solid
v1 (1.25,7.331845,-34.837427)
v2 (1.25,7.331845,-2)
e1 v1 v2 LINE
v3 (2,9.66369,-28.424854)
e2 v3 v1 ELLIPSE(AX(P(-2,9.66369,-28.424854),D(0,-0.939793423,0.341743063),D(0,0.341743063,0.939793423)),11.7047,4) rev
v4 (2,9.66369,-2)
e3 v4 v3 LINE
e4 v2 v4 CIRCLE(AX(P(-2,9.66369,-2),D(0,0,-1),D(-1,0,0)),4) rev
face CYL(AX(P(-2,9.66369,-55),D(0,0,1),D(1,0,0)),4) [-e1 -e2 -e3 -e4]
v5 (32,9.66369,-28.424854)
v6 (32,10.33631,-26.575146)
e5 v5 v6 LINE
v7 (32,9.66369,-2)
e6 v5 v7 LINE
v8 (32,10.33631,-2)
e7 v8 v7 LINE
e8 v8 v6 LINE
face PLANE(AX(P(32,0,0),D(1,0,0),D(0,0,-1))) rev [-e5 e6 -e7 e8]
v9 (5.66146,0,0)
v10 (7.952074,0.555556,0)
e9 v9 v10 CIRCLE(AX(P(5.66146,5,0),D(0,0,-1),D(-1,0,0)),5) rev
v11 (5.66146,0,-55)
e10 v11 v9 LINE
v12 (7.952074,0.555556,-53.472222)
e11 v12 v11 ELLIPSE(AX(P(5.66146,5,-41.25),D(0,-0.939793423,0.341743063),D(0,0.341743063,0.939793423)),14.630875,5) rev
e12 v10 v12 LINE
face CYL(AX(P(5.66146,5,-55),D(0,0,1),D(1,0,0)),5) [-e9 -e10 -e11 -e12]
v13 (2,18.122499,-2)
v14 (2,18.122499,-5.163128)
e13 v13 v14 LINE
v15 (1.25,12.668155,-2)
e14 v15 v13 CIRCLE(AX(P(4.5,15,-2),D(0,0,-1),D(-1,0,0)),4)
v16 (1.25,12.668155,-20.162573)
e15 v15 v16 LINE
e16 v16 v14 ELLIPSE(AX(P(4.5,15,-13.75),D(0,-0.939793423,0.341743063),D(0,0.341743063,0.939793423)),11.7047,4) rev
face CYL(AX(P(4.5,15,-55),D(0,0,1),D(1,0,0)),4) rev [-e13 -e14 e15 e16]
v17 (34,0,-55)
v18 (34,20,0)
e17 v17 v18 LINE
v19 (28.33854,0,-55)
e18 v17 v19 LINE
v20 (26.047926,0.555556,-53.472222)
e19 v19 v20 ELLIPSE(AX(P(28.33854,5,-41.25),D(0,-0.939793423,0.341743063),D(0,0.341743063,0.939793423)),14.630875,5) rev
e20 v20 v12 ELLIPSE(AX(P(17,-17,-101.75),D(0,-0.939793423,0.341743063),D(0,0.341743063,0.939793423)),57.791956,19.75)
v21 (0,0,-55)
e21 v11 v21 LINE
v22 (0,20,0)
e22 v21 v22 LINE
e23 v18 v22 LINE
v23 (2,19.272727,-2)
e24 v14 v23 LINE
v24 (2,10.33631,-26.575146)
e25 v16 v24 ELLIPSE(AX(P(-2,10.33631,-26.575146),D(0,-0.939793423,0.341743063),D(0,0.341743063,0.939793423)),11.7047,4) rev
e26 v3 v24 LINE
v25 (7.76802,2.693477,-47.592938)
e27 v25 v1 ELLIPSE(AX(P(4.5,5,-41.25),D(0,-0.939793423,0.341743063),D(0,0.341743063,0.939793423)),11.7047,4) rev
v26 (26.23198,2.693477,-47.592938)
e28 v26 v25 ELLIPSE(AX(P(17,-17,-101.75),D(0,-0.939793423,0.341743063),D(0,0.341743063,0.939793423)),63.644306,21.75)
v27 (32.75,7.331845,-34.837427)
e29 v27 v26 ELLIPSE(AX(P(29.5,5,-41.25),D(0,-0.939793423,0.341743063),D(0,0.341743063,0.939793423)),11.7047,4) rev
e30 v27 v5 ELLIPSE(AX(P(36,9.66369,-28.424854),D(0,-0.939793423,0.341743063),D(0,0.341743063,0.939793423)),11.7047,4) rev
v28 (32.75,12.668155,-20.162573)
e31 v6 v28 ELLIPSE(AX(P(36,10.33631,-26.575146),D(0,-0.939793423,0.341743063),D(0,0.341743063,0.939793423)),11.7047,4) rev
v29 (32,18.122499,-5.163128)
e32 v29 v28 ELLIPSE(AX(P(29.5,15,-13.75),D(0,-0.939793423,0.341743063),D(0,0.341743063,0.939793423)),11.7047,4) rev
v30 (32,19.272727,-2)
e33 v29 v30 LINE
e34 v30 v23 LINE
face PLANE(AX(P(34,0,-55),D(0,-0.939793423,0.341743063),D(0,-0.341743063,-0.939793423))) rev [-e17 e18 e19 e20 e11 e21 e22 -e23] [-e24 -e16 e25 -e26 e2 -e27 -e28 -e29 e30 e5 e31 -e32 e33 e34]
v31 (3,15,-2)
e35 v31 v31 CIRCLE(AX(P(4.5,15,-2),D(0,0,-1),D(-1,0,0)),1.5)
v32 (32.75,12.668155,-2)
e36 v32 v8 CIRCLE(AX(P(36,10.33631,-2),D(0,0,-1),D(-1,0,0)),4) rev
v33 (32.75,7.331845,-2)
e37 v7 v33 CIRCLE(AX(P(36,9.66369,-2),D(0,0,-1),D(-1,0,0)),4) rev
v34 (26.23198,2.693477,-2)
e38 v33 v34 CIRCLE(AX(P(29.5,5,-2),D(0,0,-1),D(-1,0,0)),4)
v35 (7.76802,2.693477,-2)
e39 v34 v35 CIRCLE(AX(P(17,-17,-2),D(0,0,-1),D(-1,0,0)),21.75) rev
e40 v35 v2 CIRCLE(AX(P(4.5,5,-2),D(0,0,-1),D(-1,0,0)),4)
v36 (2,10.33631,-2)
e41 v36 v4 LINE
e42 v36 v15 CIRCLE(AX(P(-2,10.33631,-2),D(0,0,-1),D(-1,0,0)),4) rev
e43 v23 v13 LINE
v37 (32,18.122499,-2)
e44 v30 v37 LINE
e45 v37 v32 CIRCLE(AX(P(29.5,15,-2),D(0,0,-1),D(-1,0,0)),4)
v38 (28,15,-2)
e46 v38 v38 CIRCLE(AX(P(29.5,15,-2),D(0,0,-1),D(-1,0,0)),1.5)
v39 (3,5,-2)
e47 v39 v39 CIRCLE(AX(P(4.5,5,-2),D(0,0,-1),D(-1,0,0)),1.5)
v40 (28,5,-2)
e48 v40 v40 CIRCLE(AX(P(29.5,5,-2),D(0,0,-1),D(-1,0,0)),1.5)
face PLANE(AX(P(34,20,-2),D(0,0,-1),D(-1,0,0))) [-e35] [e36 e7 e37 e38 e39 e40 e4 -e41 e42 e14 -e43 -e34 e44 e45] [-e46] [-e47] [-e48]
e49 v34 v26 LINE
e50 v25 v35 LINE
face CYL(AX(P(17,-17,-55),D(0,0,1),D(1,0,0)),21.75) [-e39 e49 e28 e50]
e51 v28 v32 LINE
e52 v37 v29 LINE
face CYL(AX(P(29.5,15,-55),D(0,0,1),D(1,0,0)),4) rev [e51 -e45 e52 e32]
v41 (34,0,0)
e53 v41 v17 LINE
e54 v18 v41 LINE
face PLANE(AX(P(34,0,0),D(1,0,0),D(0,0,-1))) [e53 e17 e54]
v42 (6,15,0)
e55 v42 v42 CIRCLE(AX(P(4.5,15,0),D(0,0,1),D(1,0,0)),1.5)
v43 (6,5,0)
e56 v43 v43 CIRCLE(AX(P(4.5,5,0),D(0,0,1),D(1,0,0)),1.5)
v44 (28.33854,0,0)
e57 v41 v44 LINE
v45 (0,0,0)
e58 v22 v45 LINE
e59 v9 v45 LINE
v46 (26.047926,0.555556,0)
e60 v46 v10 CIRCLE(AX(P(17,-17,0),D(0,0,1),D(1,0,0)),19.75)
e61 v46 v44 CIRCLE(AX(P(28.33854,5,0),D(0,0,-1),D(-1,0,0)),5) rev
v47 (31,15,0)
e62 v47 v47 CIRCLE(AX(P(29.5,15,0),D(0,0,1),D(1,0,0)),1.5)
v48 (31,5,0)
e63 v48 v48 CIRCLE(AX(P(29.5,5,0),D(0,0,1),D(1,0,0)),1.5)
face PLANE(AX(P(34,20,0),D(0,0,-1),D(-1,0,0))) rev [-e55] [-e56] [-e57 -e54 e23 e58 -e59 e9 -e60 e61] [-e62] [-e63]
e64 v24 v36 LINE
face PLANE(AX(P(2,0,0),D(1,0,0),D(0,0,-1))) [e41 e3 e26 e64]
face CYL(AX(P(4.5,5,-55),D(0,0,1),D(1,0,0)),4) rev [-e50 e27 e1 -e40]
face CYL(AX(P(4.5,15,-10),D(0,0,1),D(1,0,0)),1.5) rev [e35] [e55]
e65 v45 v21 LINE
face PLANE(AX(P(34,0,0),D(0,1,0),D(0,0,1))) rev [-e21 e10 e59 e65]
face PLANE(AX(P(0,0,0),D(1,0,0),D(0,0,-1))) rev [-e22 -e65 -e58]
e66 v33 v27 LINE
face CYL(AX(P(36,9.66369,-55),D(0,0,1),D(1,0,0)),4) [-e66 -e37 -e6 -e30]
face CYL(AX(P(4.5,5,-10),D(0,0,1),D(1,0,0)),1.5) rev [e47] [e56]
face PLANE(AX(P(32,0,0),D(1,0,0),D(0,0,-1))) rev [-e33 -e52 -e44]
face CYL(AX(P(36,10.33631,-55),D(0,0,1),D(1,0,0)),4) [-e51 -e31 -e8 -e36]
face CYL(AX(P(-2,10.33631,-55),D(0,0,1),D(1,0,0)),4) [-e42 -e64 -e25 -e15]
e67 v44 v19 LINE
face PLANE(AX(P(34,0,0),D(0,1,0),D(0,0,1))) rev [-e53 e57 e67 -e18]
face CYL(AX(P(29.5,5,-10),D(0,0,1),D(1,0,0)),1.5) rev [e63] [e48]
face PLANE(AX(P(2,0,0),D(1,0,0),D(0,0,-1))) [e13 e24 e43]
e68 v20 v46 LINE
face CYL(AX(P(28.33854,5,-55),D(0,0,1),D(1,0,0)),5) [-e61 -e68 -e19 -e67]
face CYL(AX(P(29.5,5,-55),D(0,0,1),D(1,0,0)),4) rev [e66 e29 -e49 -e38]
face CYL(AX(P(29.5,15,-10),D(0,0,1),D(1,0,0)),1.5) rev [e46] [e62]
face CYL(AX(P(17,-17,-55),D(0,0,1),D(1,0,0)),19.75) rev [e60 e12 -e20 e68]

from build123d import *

# Parameters (mm, degrees)
SALIENTE_EXTRUIR3_DEPTH = 34
CROQUIS6_R              = 19.75
CORTAR_EXTRUIR2_DEPTH   = 68.683085036
VACIADO3_T              = -2
CROQUIS5_R              = 1.5
CORTAR_EXTRUIR3_DEPTH   = 10
REDONDEO1_R             = 5
REDONDEO3_R             = 5
CROQUIS10_R             = 4
CORTAR_EXTRUIR7_DEPTH   = 67.068146637
REDONDEO4_R             = 4


with BuildPart() as part:
    # Croquis4 → Saliente-Extruir3 (new body)
    with BuildSketch(Plane(origin=(0, 0, 0), x_dir=(0, 0, -1), z_dir=(1, 0, 0))):
        Polygon((0, 0), (55, 0), (0, 20), align=None)
    extrude(amount=SALIENTE_EXTRUIR3_DEPTH)

    # Croquis6 → Cortar-Extruir2 (cut, through all)
    with BuildSketch(Plane.XY):
        with Locations((17, -17)):
            Circle(CROQUIS6_R)
    extrude(amount=-CORTAR_EXTRUIR2_DEPTH, mode=Mode.SUBTRACT)

    # Vaciado3
    vaciado3_openings = [part.faces().sort_by_distance(p)[0] for p in [
        (17, 10.517691614, -26.076348062),
    ]]
    offset(amount=VACIADO3_T, openings=vaciado3_openings, kind=Kind.INTERSECTION)

    # Croquis5 → Cortar-Extruir3 (cut)
    with BuildSketch(Plane.XY):
        with Locations((4.5, 15)):
            Circle(CROQUIS5_R)
        with Locations((29.5, 15)):
            Circle(CROQUIS5_R)
        with Locations((29.5, 5)):
            Circle(CROQUIS5_R)
        with Locations((4.5, 5)):
            Circle(CROQUIS5_R)
    extrude(amount=-CORTAR_EXTRUIR3_DEPTH, mode=Mode.SUBTRACT)

    # Redondeo1
    redondeo1_edges = [part.edges().sort_by_distance(p)[0] for p in [
        (27.052984631, 0, -27.5),
        (6.947015369, 0, -27.5),
    ]]
    fillet(redondeo1_edges, radius=REDONDEO1_R)

    # Redondeo3
    redondeo3_edges = [part.edges().sort_by_distance(p)[0] for p in [
        (6.41404232, 2, -25.750000004),
        (27.58595768, 2, -25.75),
    ]]
    fillet(redondeo3_edges, radius=REDONDEO3_R)

    # Croquis10 → Cortar-Extruir7 (cut, through all)
    with BuildSketch(Plane(origin=(0, 0, -2), x_dir=(-1, 0, 0), z_dir=(0, 0, -1))):
        with Locations((-29.5, 15)):
            Circle(CROQUIS10_R)
        with Locations((-4.5, 15)):
            Circle(CROQUIS10_R)
        with Locations((-4.5, 5)):
            Circle(CROQUIS10_R)
        with Locations((-29.5, 5)):
            Circle(CROQUIS10_R)
    extrude(amount=CORTAR_EXTRUIR7_DEPTH, mode=Mode.SUBTRACT)

    # Redondeo4
    redondeo4_edges = [part.edges().sort_by_distance(p)[0] for p in [
        (2, 8.122498999, -17.331563876),
        (2, 11.877501001, -12.168436124),
        (32, 8.122498999, -17.331563876),
        (32, 11.877501001, -12.168436124),
    ]]
    fillet(redondeo4_edges, radius=REDONDEO4_R)


solid = part.part
